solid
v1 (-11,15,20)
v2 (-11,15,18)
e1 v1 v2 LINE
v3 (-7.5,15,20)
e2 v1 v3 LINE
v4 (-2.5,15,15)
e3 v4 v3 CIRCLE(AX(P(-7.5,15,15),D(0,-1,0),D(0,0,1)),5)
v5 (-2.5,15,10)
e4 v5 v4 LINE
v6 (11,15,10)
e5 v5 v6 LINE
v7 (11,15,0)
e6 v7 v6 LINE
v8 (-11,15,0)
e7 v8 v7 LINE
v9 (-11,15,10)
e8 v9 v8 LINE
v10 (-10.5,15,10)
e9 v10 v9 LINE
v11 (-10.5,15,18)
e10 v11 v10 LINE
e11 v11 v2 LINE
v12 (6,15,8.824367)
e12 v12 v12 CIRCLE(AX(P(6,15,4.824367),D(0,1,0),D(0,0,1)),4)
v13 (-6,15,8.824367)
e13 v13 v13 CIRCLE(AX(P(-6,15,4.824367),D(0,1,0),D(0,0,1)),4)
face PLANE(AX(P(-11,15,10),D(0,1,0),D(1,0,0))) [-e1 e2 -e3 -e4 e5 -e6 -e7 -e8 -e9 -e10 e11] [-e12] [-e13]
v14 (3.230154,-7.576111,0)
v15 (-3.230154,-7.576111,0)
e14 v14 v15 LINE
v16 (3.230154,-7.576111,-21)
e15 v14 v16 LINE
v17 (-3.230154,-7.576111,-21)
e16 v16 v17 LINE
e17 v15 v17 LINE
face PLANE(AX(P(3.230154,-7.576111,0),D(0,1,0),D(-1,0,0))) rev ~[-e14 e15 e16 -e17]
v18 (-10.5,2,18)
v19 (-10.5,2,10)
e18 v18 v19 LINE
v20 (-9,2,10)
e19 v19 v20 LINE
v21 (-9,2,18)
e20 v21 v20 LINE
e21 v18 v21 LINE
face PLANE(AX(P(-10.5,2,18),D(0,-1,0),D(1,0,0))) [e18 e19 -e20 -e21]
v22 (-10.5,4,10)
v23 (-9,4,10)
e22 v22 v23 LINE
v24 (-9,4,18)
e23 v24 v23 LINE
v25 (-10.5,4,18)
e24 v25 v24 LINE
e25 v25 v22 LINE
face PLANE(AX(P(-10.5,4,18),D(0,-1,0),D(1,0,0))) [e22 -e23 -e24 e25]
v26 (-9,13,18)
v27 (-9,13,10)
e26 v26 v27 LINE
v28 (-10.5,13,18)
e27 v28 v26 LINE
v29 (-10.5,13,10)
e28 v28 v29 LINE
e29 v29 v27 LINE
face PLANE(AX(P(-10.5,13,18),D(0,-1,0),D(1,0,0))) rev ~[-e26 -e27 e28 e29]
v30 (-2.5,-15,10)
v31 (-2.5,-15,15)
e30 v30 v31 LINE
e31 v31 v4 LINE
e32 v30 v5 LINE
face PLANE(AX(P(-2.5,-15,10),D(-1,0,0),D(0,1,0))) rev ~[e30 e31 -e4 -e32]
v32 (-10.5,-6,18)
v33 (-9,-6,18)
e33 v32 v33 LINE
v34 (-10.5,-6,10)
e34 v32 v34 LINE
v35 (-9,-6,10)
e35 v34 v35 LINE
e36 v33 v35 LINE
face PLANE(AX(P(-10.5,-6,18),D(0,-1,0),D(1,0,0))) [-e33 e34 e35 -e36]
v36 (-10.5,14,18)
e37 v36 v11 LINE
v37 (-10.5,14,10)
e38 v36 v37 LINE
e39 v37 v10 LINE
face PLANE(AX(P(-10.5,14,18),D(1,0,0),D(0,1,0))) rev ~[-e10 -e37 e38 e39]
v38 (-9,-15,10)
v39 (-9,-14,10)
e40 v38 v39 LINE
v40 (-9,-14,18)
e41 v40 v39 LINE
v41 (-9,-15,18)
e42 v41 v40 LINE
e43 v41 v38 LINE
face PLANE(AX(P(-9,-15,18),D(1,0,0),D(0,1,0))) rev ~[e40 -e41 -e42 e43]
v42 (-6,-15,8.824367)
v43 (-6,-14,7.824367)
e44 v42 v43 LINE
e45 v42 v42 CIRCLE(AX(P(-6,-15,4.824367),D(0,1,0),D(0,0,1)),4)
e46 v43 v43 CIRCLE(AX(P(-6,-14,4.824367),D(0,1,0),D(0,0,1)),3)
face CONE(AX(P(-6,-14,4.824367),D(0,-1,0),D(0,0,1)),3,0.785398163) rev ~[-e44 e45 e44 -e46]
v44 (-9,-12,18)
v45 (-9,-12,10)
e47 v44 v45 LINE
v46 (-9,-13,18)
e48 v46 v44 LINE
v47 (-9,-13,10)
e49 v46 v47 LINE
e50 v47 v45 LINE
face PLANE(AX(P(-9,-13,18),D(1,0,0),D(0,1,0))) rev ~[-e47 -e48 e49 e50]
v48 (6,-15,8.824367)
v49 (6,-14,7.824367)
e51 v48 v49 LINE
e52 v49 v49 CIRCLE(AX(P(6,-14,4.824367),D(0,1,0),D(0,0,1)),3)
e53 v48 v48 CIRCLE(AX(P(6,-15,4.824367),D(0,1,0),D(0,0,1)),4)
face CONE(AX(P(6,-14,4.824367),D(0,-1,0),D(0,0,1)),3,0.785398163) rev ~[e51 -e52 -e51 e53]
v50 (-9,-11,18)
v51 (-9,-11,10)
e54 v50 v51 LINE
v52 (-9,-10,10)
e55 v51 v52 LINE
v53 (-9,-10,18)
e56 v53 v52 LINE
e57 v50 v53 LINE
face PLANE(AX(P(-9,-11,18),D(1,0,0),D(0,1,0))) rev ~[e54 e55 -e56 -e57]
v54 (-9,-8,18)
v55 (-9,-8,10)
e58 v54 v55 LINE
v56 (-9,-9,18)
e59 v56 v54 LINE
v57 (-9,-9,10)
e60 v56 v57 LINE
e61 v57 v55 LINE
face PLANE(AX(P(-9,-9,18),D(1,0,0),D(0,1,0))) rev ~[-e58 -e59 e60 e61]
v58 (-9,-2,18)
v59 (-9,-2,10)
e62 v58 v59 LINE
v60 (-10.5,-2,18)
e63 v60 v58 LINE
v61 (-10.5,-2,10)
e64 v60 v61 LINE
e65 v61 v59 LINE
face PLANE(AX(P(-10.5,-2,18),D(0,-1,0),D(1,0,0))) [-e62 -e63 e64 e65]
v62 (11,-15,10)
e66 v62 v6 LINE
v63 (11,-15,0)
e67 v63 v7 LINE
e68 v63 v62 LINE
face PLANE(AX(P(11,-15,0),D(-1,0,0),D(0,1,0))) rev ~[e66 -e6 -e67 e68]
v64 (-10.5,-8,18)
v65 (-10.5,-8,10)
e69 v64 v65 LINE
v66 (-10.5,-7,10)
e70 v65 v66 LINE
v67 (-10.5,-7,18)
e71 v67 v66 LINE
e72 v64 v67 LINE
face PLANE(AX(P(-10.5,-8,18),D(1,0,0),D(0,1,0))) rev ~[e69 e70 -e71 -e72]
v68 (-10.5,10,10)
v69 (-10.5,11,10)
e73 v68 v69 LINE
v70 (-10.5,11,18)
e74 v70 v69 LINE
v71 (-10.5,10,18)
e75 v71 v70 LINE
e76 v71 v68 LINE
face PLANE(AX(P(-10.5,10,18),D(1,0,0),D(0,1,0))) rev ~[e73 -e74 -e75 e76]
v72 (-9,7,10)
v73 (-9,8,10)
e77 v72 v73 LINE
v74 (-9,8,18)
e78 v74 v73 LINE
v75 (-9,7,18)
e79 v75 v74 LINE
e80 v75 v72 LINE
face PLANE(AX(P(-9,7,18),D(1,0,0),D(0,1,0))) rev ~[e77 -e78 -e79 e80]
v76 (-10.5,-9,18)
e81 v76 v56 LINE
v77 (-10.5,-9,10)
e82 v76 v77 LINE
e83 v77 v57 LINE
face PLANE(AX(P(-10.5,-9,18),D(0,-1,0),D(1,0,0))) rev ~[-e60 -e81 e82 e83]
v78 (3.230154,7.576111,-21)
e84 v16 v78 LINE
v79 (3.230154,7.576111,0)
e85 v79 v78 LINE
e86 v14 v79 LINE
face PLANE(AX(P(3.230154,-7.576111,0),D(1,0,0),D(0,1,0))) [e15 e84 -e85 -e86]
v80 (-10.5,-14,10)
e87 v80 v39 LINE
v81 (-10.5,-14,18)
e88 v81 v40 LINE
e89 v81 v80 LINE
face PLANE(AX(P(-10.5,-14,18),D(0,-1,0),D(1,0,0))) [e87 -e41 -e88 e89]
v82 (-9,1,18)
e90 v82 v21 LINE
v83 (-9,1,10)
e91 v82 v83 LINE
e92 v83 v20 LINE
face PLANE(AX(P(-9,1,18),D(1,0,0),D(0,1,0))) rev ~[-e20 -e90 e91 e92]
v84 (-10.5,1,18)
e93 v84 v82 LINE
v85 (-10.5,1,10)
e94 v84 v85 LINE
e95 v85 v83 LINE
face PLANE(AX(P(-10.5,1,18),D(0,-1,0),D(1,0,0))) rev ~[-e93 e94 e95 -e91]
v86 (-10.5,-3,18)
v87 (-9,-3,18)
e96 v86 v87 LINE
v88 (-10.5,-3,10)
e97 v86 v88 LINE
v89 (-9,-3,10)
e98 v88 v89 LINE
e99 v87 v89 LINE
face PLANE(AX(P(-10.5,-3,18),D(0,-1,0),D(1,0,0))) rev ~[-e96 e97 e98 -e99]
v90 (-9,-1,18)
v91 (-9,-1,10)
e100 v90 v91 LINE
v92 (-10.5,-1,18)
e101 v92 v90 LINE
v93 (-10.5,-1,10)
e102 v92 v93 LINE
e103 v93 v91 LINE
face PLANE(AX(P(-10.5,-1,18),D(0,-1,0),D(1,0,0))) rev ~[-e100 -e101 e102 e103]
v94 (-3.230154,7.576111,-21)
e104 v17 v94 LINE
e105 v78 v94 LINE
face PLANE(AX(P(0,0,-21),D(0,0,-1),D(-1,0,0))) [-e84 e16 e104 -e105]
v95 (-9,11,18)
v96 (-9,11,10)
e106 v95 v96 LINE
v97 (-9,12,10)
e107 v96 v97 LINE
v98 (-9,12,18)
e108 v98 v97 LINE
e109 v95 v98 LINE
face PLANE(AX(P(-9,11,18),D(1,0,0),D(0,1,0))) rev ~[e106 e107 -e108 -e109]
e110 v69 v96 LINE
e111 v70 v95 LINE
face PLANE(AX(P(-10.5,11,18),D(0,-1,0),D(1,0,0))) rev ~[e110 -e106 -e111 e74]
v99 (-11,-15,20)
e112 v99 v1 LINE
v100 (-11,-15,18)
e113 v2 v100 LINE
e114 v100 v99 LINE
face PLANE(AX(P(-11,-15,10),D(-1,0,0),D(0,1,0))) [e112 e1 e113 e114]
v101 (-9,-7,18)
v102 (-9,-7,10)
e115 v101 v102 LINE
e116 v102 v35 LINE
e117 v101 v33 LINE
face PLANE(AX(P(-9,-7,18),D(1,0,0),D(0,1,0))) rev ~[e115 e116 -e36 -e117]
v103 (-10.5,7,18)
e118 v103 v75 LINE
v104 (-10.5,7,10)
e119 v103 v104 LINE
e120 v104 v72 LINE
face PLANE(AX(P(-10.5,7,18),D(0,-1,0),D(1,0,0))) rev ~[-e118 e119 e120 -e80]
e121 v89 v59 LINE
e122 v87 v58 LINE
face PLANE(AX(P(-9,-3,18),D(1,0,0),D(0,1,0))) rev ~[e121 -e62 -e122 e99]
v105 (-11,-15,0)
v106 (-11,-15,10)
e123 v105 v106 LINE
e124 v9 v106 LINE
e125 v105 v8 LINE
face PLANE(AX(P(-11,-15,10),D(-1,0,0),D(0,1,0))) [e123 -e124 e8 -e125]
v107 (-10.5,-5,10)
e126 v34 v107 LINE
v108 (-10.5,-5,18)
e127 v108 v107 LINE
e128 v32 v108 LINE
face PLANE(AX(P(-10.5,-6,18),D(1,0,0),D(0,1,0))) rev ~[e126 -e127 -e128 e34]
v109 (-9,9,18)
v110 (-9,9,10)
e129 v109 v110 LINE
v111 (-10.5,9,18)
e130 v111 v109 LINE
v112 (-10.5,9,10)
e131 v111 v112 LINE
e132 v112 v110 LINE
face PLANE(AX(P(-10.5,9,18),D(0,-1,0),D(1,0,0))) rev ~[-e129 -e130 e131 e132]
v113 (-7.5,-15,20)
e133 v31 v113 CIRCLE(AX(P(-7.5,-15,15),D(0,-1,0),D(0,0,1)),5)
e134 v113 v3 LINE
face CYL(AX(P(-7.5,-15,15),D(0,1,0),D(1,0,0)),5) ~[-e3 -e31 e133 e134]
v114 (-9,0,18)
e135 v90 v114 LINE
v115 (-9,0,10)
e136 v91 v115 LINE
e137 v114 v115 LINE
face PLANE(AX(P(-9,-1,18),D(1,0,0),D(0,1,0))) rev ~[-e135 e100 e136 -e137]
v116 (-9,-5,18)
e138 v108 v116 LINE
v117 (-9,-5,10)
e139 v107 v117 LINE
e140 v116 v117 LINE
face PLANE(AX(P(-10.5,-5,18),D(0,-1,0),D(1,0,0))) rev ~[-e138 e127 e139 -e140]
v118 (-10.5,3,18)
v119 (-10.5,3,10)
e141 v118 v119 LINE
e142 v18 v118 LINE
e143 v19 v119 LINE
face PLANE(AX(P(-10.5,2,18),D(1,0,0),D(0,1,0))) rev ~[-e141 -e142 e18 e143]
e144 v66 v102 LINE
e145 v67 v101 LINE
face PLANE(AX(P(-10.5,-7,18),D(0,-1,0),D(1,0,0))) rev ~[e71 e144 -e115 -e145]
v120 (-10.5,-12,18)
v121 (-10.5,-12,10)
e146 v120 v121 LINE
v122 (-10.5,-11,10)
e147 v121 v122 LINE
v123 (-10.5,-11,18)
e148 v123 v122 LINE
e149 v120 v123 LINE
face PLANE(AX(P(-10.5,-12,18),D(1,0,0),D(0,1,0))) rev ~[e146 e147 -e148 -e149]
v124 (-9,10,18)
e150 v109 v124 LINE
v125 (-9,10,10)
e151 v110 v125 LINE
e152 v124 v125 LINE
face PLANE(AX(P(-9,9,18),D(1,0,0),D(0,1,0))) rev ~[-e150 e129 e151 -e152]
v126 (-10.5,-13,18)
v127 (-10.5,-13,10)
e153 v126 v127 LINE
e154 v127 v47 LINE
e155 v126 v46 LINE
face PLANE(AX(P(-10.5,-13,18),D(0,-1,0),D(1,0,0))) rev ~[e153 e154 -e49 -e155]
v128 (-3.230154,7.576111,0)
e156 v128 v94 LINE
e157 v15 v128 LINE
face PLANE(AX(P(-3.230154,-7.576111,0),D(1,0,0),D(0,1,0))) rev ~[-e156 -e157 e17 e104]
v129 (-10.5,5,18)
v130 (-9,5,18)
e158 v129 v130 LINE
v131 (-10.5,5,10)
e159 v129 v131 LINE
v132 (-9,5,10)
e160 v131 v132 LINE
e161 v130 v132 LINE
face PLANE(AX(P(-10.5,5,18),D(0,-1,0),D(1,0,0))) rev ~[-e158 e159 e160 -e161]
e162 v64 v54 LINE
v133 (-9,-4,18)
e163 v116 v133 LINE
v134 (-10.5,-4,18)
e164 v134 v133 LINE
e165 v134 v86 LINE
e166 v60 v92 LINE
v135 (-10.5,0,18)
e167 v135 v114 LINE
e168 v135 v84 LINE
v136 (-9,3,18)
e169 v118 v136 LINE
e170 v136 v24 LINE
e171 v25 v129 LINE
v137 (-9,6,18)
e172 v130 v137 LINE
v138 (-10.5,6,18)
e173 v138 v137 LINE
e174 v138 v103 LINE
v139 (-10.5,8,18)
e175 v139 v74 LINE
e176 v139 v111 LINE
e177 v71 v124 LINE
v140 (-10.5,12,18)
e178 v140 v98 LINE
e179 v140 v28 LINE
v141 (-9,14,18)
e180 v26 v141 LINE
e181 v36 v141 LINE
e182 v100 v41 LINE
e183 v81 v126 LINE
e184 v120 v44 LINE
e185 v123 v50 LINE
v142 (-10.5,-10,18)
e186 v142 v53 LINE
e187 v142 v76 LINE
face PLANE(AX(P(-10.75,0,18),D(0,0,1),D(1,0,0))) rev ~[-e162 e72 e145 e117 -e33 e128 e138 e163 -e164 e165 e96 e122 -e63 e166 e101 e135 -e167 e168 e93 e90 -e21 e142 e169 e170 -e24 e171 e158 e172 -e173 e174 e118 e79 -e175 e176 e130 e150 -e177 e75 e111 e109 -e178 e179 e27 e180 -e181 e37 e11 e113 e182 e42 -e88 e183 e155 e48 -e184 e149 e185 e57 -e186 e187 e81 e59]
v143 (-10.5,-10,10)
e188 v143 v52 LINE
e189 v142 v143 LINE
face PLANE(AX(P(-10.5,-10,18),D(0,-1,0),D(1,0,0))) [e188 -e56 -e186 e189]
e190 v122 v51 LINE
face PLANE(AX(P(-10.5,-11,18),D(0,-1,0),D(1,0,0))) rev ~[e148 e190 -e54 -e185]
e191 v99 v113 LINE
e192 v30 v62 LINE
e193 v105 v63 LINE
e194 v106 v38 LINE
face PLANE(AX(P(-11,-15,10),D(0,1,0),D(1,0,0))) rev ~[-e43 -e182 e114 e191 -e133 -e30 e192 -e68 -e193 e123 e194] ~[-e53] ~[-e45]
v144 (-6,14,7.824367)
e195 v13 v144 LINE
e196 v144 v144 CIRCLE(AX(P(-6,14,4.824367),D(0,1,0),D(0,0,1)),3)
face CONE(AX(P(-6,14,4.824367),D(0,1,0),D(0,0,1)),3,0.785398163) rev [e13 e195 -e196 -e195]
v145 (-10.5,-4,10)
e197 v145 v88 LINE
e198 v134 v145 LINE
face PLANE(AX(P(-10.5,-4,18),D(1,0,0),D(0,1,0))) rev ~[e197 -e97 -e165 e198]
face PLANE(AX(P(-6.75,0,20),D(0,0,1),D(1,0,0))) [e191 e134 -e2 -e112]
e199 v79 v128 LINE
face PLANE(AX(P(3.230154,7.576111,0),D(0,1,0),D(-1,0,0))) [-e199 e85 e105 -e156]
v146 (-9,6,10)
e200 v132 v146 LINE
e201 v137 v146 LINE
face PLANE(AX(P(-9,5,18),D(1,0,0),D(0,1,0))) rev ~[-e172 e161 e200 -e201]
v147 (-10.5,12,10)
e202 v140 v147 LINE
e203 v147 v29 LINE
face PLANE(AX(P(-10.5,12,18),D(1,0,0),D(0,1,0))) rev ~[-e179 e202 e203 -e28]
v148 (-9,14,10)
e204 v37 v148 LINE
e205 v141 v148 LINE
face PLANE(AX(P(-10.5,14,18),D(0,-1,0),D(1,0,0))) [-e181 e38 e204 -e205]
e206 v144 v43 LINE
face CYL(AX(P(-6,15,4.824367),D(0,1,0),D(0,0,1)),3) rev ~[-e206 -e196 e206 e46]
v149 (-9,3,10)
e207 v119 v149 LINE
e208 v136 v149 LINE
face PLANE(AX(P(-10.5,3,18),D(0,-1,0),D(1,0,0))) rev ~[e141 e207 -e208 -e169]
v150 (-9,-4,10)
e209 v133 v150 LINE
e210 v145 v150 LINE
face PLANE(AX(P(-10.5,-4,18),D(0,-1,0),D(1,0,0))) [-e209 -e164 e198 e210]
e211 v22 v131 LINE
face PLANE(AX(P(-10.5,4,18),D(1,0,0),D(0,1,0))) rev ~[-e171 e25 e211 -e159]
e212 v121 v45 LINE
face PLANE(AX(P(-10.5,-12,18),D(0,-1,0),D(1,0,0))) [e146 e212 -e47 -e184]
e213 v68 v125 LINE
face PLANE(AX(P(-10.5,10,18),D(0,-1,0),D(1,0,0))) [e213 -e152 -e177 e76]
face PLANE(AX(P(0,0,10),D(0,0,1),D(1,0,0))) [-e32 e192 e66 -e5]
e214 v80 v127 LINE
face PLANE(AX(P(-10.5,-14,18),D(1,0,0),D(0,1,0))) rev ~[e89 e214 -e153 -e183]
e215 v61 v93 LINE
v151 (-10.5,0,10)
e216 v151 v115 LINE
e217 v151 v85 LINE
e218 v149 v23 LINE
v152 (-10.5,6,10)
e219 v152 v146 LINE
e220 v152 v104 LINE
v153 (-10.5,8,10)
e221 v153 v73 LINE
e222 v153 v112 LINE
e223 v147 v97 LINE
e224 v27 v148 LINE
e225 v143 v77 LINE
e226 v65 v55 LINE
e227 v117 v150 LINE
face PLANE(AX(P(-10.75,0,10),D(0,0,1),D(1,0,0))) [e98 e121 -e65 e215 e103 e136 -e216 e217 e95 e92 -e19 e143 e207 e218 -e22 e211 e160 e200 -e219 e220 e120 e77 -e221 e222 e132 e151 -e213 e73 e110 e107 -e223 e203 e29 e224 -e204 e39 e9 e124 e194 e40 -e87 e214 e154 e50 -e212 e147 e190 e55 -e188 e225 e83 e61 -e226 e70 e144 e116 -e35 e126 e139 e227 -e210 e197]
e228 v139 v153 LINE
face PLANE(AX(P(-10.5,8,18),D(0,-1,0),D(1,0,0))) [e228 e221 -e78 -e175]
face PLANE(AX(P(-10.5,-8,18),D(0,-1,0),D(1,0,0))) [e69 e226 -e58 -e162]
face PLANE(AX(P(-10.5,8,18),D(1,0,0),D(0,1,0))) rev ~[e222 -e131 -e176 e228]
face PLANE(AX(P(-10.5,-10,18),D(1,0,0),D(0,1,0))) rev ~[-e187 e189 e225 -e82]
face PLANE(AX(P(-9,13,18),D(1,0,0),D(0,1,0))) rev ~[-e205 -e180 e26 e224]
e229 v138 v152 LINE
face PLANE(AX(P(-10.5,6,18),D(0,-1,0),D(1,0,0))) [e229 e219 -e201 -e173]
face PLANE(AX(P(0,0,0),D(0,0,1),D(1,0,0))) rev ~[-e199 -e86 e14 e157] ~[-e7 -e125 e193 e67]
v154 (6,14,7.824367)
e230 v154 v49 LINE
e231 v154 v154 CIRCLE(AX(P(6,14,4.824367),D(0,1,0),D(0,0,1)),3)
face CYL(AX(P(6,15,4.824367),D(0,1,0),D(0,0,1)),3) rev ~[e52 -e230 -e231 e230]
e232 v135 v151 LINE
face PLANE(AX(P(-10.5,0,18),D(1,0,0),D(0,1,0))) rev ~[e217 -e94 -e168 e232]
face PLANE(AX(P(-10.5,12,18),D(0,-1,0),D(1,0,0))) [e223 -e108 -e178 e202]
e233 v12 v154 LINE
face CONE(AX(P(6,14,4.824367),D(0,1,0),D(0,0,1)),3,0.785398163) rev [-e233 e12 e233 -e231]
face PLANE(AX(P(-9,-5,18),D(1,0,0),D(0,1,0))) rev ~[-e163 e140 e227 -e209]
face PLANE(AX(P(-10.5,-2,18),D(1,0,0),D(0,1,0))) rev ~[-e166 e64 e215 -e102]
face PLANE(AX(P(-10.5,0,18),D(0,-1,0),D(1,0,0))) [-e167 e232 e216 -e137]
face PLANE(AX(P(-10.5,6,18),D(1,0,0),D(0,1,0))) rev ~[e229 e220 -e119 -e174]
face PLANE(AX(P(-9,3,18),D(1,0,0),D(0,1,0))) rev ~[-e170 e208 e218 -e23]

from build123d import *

# Parameters (mm, degrees)
SKETCH1_W           = 22
SKETCH1_H           = 30
BOSS_EXTRUDE1_DEPTH = 10
SKETCH2_R           = 3
CUT_EXTRUDE1_DEPTH  = 44
SKETCH3_W           = 8.5
SKETCH3_H           = 30
BOSS_EXTRUDE2_DEPTH = 10
SKETCH4_W           = 1.5
SKETCH4_H           = 1
CUT_EXTRUDE2_DEPTH  = 8
SKETCH5_W           = 6.460308978
SKETCH5_H           = 15.152222924
BOSS_EXTRUDE3_DEPTH = 21
CHAMFER1_SIZE       = 1
FILLET1_R           = 5


with BuildPart() as part:
    # Sketch1 → Boss-Extrude1 (new body)
    with BuildSketch(Plane.XY):
        Rectangle(SKETCH1_W, SKETCH1_H)
    extrude(amount=BOSS_EXTRUDE1_DEPTH)

    # Sketch2 → Cut-Extrude1 (cut)
    with BuildSketch(Plane(origin=(0, 15, 0), x_dir=(1, 0, 0), z_dir=(0, 1, 0))):
        with Locations(Location((-6, -4.824366767, 0), (0, 0, 270))):
            Circle(SKETCH2_R)
        with Locations(Location((6, -4.824366767, 0), (0, 0, 270))):
            Circle(SKETCH2_R)
    extrude(amount=-CUT_EXTRUDE1_DEPTH, mode=Mode.SUBTRACT)

    # Sketch3 → Boss-Extrude2 (add)
    with BuildSketch(Plane.XY.offset(10)):
        with Locations((-6.75, 0)):
            Rectangle(SKETCH3_W, SKETCH3_H)
    extrude(amount=BOSS_EXTRUDE2_DEPTH)

    # Sketch4 → Cut-Extrude2 (cut)
    with BuildSketch(Plane.XY.offset(18)):
        Polygon((-10.5, 14), (-10.5, 15), (-11, 15), (-11, -15), (-10.5, -15), (-10.5, -14), (-10.5, -13), (-10.5, -12), (-10.5, -11), (-10.5, -10), (-10.5, -9), (-10.5, -8), (-10.5, -7), (-10.5, -6), (-10.5, -5), (-10.5, -4), (-10.5, -3), (-10.5, -2), (-10.5, -1), (-10.5, 0), (-10.5, 1), (-10.5, 2), (-10.5, 3), (-10.5, 4), (-10.5, 5), (-10.5, 6), (-10.5, 7), (-10.5, 8), (-10.5, 9), (-10.5, 10), (-10.5, 11), (-10.5, 12), (-10.5, 13), align=None)
        with Locations((-9.75, 13.5)):
            Rectangle(SKETCH4_W, SKETCH4_H)
        with Locations((-9.75, 11.5)):
            Rectangle(SKETCH4_W, SKETCH4_H)
        with Locations((-9.75, 9.5)):
            Rectangle(SKETCH4_W, SKETCH4_H)
        with Locations((-9.75, 7.5)):
            Rectangle(SKETCH4_W, SKETCH4_H)
        with Locations((-9.75, 5.5)):
            Rectangle(SKETCH4_W, SKETCH4_H)
        with Locations((-9.75, 3.5)):
            Rectangle(SKETCH4_W, SKETCH4_H)
        with Locations((-9.75, 1.5)):
            Rectangle(SKETCH4_W, SKETCH4_H)
        with Locations((-9.75, -0.5)):
            Rectangle(SKETCH4_W, SKETCH4_H)
        with Locations((-9.75, -2.5)):
            Rectangle(SKETCH4_W, SKETCH4_H)
        with Locations((-9.75, -4.5)):
            Rectangle(SKETCH4_W, SKETCH4_H)
        with Locations((-9.75, -6.5)):
            Rectangle(SKETCH4_W, SKETCH4_H)
        with Locations((-9.75, -8.5)):
            Rectangle(SKETCH4_W, SKETCH4_H)
        with Locations((-9.75, -10.5)):
            Rectangle(SKETCH4_W, SKETCH4_H)
        with Locations((-9.75, -12.5)):
            Rectangle(SKETCH4_W, SKETCH4_H)
        with Locations((-9.75, -14.5)):
            Rectangle(SKETCH4_W, SKETCH4_H)
    extrude(amount=-CUT_EXTRUDE2_DEPTH, mode=Mode.SUBTRACT)

    # Sketch5 → Boss-Extrude3 (add)
    with BuildSketch(Plane(origin=(0, 0, 0), x_dir=(-1, 0, 0), z_dir=(0, 0, -1))):
        Rectangle(SKETCH5_W, SKETCH5_H)
    extrude(amount=BOSS_EXTRUDE3_DEPTH)

    # Chamfer1
    chamfer1_edges = [part.edges().sort_by_distance(p)[0] for p in [
        (-6, -15, 1.824366767),
        (-6, 15, 1.824366767),
        (6, -15, 1.824366767),
        (6, 15, 1.824366767),
    ]]
    chamfer(chamfer1_edges, length=CHAMFER1_SIZE)

    # Fillet1
    fillet1_edges = [part.edges().sort_by_distance(p)[0] for p in [
        (-2.5, 0, 20),
    ]]
    fillet(fillet1_edges, radius=FILLET1_R)


solid = part.part
